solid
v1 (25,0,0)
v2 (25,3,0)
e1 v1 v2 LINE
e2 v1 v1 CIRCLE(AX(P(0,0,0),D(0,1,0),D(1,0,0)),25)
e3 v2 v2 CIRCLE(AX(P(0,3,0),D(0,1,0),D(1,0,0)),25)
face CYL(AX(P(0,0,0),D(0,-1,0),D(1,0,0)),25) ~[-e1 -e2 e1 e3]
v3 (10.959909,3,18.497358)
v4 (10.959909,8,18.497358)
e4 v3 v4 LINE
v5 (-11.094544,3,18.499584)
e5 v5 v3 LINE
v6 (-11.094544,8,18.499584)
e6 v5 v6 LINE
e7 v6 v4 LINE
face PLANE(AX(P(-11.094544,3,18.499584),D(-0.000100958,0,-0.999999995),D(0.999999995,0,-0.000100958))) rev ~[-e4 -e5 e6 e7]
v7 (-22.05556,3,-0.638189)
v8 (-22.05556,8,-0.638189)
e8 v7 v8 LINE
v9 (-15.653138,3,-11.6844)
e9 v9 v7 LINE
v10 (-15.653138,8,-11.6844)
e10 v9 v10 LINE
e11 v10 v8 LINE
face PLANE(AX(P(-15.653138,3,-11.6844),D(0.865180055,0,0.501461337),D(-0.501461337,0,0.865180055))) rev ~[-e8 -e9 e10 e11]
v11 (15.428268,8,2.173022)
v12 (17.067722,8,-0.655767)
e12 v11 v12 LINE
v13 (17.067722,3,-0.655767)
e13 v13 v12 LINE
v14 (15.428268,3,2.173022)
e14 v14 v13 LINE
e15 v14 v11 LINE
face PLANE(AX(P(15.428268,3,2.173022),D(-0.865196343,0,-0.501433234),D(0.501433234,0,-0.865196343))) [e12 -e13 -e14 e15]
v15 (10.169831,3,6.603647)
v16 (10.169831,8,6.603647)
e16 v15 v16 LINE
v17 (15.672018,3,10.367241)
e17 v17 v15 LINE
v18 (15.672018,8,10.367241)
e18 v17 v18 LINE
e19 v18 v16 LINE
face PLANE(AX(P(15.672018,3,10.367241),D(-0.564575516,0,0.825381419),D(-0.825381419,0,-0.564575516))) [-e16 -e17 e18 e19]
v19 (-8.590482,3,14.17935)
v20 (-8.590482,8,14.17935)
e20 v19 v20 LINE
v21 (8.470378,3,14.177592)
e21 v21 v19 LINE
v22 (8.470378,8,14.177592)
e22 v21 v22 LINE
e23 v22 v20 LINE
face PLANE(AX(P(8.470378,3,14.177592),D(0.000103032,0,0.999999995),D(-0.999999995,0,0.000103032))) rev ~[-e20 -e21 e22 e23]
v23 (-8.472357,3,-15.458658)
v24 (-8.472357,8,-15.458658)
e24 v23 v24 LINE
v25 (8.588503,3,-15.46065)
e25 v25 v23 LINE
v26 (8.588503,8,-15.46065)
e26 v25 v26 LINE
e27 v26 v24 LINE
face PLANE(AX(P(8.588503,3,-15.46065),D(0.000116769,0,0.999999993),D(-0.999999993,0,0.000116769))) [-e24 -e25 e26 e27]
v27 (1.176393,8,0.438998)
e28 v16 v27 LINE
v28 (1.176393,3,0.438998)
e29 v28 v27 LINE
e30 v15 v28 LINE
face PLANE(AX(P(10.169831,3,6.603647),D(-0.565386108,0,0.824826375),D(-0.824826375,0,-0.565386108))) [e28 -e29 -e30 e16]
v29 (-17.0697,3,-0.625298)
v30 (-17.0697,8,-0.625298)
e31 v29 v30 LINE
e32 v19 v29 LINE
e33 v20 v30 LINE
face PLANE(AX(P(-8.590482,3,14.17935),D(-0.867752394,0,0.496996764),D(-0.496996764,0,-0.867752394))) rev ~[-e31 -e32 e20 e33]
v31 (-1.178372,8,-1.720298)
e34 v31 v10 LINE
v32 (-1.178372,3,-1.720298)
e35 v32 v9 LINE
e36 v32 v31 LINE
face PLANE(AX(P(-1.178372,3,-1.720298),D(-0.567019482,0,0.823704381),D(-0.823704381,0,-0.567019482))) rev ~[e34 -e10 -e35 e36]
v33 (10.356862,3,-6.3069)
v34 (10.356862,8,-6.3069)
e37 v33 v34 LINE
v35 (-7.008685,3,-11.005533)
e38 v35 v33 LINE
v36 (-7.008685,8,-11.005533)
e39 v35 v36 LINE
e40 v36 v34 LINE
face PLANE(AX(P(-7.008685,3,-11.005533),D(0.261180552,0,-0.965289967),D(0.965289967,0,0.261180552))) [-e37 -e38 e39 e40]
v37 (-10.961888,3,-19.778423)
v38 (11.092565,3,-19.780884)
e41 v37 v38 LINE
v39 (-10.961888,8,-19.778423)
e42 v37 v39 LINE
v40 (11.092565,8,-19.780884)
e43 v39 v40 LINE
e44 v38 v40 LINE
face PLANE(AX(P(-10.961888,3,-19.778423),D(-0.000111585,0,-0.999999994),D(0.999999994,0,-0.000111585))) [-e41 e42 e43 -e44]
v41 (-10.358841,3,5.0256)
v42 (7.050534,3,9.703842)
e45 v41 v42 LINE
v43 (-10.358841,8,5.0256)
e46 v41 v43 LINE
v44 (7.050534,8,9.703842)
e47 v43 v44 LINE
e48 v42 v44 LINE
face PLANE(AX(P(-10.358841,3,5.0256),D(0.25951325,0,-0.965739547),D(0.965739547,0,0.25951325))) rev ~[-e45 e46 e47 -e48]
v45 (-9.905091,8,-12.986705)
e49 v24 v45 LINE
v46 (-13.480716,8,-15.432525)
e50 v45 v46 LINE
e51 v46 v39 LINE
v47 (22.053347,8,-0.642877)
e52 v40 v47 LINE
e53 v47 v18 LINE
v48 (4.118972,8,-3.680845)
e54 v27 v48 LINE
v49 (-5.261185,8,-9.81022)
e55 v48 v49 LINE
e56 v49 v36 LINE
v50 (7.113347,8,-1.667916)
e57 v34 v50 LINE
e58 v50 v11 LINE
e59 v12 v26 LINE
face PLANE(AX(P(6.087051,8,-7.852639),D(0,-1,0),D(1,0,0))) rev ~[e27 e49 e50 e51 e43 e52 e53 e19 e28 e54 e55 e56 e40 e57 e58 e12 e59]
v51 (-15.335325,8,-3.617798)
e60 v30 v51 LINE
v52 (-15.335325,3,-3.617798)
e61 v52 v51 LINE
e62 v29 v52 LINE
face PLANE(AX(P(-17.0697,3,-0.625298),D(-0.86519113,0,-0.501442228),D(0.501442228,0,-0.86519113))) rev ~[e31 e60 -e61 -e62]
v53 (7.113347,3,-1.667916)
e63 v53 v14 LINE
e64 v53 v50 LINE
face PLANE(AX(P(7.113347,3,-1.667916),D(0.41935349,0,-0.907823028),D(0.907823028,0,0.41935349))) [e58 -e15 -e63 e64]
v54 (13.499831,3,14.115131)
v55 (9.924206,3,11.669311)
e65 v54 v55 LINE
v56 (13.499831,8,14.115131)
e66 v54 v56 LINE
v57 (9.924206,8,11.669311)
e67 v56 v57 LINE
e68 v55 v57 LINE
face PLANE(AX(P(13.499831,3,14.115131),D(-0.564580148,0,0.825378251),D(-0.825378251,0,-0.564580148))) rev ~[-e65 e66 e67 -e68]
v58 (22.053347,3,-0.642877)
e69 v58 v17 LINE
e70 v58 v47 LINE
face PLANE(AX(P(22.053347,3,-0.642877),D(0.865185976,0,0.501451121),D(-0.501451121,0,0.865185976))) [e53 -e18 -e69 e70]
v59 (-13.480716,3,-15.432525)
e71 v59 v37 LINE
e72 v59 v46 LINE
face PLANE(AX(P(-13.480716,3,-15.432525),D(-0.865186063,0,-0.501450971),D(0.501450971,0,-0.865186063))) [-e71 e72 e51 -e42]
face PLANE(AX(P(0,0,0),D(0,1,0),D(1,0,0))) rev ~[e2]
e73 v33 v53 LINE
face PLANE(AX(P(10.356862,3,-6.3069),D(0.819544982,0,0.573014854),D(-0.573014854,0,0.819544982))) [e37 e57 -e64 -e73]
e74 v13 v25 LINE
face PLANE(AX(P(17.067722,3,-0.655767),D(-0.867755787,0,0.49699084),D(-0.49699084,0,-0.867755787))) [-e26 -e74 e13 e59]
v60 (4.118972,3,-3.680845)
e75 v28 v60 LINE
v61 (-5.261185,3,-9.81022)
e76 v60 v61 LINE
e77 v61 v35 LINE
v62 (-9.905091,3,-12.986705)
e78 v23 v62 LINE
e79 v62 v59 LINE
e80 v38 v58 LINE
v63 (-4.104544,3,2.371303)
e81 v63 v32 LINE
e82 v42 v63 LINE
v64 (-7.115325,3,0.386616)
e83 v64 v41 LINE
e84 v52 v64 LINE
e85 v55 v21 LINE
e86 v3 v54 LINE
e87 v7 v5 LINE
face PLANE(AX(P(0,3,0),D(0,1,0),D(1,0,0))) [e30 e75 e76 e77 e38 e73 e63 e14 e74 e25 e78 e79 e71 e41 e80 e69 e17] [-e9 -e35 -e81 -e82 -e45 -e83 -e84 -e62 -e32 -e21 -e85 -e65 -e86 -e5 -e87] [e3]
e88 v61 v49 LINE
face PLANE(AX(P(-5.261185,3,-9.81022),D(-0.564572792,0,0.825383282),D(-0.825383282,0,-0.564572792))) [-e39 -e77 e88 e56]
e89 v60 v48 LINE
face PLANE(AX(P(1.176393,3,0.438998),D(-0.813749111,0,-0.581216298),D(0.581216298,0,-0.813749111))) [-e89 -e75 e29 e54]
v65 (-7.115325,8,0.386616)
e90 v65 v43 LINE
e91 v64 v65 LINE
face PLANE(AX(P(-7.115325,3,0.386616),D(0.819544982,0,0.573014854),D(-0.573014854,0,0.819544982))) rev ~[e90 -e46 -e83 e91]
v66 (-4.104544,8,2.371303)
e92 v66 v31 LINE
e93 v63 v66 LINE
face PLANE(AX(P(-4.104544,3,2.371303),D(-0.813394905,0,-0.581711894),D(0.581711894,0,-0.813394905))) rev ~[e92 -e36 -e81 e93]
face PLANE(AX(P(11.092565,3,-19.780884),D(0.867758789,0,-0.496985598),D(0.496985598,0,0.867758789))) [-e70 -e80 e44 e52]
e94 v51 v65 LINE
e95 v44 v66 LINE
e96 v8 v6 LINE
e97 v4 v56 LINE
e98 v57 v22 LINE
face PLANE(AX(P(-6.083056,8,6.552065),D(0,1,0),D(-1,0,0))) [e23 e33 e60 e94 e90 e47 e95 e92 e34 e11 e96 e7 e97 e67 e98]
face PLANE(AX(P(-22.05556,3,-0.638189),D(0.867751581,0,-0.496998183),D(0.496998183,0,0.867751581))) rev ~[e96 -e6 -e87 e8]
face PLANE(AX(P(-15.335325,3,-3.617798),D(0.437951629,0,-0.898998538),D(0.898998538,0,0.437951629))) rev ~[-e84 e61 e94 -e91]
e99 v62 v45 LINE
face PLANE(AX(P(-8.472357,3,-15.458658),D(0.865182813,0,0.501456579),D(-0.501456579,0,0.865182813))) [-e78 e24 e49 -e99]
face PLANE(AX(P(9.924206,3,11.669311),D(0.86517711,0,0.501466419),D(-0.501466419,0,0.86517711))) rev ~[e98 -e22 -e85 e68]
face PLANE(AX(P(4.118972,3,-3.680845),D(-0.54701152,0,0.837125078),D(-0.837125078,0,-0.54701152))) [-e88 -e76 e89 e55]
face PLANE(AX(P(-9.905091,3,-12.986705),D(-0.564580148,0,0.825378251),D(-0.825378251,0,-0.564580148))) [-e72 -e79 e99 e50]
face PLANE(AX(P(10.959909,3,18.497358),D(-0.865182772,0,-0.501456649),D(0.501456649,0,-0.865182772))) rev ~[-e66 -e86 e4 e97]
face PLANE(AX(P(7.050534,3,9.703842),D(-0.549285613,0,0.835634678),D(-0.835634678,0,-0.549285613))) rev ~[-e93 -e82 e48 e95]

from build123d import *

# Parameters (mm, degrees)
SKIZZE2_R                       = 25
AUFSATZ_LINEAR_AUSTRAGEN2_DEPTH = 3
AUFSATZ_LINEAR_AUSTRAGEN1_DEPTH = 5


with BuildPart() as part:
    # Skizze2 → Aufsatz-Linear austragen2 (new body)
    with BuildSketch(Plane(origin=(0, 0, 0), x_dir=(1, 0, 0), z_dir=(0, 1, 0))):
        Circle(SKIZZE2_R)
    extrude(amount=AUFSATZ_LINEAR_AUSTRAGEN2_DEPTH)

    # Model → Aufsatz-Linear austragen1 (add)
    with BuildSketch(Plane(origin=(0, 3, -3), x_dir=(1, 0, 0), z_dir=(0, -1, 0))):
        Polygon((-4.104544089, 5.371303079), (-1.178372214, 1.279701516), (-15.653137839, -8.684400046), (-22.055559714, 2.361810891), (-11.094544089, 21.499584329), (10.959909036, 21.497357766), (13.499830911, 17.115131204), (9.924205911, 14.669310891), (8.470377786, 17.177592141), (-8.590481589, 17.179349954), (-17.069700339, 2.374701516), (-15.335325339, -0.617798484), (-7.115325339, 3.386615579), (-10.358840964, 8.025599954), (7.050534036, 12.703842141), align=None)
        Polygon((15.672018411, 13.367240579), (10.169830911, 9.603646829), (1.176393411, 3.438998391), (4.118971536, -0.680845359), (-5.261184714, -6.810220359), (-7.008684714, -8.005532859), (10.356862161, -3.306900046), (7.113346536, 1.332084329), (15.428268411, 5.173021829), (17.067721536, 2.344232766), (8.588502786, -12.460650046), (-8.472356589, -12.458657859), (-9.905090964, -9.986704734), (-13.480715964, -12.432525046), (-10.961887839, -16.778423484), (11.092565286, -16.780884421), (22.053346536, 2.357123391), align=None)
    extrude(amount=-AUFSATZ_LINEAR_AUSTRAGEN1_DEPTH)


solid = part.part
